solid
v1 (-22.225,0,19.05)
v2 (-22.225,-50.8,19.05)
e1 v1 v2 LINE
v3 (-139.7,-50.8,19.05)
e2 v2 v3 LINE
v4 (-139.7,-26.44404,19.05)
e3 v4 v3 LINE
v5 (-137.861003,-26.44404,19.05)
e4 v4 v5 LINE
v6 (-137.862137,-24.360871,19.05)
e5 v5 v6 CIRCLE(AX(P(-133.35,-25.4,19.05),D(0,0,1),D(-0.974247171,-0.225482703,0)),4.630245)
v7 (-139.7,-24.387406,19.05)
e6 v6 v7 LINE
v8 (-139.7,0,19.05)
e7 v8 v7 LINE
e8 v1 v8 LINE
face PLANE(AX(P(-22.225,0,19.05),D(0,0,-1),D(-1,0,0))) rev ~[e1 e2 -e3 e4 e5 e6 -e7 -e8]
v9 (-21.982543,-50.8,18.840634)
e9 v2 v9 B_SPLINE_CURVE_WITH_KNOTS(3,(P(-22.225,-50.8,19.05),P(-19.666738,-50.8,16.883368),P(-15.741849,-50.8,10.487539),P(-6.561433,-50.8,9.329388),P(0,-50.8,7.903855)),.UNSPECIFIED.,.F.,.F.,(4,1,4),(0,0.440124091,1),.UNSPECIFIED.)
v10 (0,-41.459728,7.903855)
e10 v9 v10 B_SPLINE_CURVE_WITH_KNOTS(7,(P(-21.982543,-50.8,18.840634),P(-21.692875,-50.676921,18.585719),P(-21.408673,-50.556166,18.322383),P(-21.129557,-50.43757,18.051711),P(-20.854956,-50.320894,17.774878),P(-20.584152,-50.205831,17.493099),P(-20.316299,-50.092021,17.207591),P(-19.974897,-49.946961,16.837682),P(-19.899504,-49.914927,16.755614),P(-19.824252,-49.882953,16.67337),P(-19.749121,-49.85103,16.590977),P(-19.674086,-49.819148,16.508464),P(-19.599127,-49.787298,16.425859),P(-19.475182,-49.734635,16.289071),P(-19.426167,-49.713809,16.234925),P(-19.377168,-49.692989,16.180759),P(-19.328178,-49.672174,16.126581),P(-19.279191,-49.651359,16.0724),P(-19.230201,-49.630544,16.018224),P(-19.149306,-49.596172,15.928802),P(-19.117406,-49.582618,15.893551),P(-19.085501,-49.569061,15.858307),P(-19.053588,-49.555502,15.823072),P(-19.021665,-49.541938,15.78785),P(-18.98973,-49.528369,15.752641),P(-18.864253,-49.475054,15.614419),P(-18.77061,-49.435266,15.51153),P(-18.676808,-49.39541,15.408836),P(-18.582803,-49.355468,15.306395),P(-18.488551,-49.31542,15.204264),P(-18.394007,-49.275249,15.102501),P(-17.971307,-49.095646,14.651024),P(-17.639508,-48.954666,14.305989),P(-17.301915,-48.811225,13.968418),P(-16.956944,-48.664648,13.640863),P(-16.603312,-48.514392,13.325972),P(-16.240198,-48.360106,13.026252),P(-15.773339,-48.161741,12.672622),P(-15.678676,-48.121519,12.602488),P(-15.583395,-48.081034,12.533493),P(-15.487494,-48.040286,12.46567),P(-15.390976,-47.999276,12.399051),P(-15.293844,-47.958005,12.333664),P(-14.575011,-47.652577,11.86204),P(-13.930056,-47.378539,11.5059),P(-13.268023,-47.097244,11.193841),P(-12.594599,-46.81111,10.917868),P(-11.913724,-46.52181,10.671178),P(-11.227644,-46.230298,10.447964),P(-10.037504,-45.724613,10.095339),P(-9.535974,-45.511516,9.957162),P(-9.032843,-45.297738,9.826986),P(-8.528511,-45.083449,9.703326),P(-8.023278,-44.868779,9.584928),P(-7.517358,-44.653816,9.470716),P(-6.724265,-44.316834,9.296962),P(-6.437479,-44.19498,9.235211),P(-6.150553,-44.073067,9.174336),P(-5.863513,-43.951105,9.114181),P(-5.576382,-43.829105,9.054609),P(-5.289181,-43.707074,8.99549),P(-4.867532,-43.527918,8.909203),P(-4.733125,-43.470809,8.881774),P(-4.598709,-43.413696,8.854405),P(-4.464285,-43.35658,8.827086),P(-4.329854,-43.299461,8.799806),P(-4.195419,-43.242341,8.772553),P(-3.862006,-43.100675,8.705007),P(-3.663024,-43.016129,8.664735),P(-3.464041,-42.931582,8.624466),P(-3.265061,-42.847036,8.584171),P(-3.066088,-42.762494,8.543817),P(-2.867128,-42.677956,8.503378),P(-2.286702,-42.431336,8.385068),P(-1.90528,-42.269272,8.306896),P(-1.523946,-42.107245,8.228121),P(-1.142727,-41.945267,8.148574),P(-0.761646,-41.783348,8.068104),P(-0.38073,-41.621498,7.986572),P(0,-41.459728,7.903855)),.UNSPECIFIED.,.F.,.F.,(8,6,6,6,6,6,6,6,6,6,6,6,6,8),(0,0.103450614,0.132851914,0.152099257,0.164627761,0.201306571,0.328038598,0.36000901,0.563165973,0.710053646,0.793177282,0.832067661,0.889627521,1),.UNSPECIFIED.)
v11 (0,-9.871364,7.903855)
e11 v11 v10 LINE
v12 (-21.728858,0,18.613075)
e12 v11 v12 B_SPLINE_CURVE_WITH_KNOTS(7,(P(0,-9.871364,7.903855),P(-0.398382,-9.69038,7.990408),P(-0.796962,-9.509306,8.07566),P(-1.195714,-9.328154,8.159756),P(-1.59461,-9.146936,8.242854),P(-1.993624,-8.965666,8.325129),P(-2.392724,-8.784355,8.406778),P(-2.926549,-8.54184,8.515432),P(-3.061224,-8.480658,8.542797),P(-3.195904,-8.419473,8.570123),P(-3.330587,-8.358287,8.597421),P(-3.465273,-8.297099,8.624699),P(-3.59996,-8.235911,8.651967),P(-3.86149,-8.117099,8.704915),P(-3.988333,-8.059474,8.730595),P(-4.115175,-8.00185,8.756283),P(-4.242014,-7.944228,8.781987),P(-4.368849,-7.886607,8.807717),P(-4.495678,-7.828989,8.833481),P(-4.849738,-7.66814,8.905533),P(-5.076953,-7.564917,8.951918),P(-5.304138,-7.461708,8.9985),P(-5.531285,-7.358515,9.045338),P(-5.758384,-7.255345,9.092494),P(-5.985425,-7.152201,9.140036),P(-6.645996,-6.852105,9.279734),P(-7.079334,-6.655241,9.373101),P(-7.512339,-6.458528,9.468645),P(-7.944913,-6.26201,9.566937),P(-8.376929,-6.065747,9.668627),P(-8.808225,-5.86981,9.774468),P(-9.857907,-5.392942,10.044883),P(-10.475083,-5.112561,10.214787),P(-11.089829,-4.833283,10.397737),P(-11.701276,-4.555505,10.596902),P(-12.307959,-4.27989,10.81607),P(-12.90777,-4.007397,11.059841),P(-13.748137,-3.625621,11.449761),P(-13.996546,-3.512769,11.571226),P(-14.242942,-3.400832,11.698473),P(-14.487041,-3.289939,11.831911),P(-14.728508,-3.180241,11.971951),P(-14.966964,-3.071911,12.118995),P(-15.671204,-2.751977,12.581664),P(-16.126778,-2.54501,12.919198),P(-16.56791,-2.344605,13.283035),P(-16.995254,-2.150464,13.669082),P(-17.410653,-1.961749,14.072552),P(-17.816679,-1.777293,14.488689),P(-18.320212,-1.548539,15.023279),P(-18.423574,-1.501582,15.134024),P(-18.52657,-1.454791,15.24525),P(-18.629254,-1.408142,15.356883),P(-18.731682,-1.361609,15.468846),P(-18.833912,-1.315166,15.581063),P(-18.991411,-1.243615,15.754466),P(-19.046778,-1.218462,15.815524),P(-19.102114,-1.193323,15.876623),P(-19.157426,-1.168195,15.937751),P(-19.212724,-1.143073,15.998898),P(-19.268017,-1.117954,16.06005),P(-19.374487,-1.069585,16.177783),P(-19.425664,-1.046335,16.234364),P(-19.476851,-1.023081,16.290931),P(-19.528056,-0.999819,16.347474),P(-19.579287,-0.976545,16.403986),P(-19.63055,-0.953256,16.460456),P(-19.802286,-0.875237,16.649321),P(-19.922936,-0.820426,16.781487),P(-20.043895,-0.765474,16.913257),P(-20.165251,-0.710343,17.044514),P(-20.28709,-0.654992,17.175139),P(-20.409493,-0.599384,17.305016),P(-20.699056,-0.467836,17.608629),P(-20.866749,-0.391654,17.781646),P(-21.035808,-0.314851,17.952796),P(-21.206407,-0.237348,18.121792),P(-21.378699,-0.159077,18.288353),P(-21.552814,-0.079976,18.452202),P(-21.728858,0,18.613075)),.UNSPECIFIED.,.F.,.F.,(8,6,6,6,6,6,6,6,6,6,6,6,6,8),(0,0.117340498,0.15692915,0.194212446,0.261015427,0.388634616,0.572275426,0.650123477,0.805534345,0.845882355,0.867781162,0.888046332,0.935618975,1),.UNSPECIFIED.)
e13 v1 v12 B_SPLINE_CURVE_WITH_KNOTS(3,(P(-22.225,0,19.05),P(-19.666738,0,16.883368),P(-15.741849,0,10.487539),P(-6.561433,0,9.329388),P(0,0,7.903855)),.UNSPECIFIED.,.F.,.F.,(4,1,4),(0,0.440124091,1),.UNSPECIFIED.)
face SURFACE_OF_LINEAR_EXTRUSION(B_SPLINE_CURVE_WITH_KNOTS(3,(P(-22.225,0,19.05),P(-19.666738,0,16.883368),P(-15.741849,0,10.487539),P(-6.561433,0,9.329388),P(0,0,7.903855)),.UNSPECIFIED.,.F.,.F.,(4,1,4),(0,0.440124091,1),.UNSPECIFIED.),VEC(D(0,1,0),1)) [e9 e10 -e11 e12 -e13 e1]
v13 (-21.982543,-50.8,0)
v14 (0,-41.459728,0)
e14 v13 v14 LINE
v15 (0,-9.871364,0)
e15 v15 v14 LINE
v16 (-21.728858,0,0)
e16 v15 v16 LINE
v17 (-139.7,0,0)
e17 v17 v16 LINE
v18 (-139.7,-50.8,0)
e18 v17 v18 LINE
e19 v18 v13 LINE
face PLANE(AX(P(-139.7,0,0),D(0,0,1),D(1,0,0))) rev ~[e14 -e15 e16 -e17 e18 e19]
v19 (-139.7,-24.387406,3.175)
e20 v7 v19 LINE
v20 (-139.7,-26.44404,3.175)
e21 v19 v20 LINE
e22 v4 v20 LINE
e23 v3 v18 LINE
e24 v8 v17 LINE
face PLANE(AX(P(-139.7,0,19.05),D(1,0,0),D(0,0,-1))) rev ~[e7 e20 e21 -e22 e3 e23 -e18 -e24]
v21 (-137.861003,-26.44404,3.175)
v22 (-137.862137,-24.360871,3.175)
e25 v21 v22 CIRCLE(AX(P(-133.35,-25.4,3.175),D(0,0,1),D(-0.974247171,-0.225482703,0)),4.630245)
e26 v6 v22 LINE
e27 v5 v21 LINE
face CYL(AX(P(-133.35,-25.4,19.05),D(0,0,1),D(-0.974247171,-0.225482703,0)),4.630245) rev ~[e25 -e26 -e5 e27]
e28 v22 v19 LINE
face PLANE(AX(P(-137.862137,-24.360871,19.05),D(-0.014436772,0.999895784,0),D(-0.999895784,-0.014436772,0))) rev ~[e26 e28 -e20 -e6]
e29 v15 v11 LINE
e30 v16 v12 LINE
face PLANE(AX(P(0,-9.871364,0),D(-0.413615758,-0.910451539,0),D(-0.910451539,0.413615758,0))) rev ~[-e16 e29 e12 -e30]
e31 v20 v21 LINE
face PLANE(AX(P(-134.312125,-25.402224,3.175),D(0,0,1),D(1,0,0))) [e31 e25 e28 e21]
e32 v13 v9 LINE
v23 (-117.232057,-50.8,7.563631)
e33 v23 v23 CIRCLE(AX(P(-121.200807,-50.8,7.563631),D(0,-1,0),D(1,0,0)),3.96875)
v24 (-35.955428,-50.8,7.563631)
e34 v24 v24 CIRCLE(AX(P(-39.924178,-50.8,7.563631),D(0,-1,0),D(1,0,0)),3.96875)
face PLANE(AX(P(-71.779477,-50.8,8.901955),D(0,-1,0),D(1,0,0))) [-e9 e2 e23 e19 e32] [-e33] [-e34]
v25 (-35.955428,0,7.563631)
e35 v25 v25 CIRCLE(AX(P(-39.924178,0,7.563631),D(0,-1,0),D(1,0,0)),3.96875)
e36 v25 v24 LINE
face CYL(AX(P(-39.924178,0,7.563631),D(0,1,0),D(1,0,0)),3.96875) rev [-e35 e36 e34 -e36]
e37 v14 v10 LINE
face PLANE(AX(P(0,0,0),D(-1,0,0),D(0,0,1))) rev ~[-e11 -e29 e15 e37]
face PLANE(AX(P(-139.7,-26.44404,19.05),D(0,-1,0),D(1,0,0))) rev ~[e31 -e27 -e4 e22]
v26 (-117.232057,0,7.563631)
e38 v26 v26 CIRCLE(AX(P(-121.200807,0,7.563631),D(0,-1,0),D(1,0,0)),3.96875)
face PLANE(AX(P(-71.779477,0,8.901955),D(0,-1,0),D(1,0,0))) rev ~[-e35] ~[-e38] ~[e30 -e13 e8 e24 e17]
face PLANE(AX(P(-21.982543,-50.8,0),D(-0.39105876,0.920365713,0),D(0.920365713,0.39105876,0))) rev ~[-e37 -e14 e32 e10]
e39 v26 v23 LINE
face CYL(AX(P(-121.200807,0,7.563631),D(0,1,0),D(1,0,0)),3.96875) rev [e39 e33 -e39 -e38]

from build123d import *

# Parameters (mm, degrees)
F0_R     = 3.96875
F1_DEPTH = 50.8
F3_DEPTH = 15.875
F6_DEPTH = 25.4
F8_DEPTH = 25.4


with BuildPart() as f1:
    # F0 (on Front) → F1 (new body)
    with BuildSketch(Plane.XZ):
        with BuildLine():
            Line((-139.7, 0), (0, 0))
            Line((0, 0), (0, 7.903855294))
            add(Edge.make_bspline(
                [(-22.225, 19.05), (-19.6667376265, 16.8833683971), (-15.7418485572, 10.4875386248), (-6.5614327707, 9.3293877219), (0, 7.903855294)],
                knots=[0, 0, 0, 0, 0.4401240907, 1, 1, 1, 1], degree=3))
            Line((-22.225, 19.05), (-139.7, 19.05))
            Line((-139.7, 19.05), (-139.7, 0))
        make_face()
        with Locations((-121.2008071616, 7.5636314338)):
            Circle(F0_R, mode=Mode.SUBTRACT)
        with Locations((-39.9241782725, 7.5636314338)):
            Circle(F0_R, mode=Mode.SUBTRACT)
    extrude(amount=F1_DEPTH)

    # F2 (on face) → F3 (cut)
    with BuildSketch(Plane.XY.offset(19.05)):
        with BuildLine():
            Line((-139.7, -26.4440402389), (-137.8610034316, -26.4440402389))
            ThreePointArc((-137.8610034316, -26.4440402389), (-128.7197553381, -25.3974799855), (-137.8621371984, -24.360870613))
            Line((-137.8621371984, -24.360870613), (-139.7, -24.3874061853))
            Line((-139.7, -24.3874061853), (-139.7, -26.4440402389))
        make_face()
    extrude(amount=-F3_DEPTH, mode=Mode.SUBTRACT)

    # F5 (on face) → F6 (cut)
    with BuildSketch(Plane(origin=(0, 0, 0), x_dir=(1, 0, 0), z_dir=(0, 0, -1))):
        Polygon((-21.9825431705, 50.8), (0, 41.4597280324), (0, 50.8), align=None)
    extrude(amount=-F6_DEPTH, mode=Mode.SUBTRACT)

    # F7 (on face) → F8 (cut)
    with BuildSketch(Plane(origin=(0, 0, 0), x_dir=(1, 0, 0), z_dir=(0, 0, -1))):
        Polygon((0, 9.8713636398), (-21.7288583517, 0), (0, 0), align=None)
    extrude(amount=-F8_DEPTH, mode=Mode.SUBTRACT)


solid = f1.part
